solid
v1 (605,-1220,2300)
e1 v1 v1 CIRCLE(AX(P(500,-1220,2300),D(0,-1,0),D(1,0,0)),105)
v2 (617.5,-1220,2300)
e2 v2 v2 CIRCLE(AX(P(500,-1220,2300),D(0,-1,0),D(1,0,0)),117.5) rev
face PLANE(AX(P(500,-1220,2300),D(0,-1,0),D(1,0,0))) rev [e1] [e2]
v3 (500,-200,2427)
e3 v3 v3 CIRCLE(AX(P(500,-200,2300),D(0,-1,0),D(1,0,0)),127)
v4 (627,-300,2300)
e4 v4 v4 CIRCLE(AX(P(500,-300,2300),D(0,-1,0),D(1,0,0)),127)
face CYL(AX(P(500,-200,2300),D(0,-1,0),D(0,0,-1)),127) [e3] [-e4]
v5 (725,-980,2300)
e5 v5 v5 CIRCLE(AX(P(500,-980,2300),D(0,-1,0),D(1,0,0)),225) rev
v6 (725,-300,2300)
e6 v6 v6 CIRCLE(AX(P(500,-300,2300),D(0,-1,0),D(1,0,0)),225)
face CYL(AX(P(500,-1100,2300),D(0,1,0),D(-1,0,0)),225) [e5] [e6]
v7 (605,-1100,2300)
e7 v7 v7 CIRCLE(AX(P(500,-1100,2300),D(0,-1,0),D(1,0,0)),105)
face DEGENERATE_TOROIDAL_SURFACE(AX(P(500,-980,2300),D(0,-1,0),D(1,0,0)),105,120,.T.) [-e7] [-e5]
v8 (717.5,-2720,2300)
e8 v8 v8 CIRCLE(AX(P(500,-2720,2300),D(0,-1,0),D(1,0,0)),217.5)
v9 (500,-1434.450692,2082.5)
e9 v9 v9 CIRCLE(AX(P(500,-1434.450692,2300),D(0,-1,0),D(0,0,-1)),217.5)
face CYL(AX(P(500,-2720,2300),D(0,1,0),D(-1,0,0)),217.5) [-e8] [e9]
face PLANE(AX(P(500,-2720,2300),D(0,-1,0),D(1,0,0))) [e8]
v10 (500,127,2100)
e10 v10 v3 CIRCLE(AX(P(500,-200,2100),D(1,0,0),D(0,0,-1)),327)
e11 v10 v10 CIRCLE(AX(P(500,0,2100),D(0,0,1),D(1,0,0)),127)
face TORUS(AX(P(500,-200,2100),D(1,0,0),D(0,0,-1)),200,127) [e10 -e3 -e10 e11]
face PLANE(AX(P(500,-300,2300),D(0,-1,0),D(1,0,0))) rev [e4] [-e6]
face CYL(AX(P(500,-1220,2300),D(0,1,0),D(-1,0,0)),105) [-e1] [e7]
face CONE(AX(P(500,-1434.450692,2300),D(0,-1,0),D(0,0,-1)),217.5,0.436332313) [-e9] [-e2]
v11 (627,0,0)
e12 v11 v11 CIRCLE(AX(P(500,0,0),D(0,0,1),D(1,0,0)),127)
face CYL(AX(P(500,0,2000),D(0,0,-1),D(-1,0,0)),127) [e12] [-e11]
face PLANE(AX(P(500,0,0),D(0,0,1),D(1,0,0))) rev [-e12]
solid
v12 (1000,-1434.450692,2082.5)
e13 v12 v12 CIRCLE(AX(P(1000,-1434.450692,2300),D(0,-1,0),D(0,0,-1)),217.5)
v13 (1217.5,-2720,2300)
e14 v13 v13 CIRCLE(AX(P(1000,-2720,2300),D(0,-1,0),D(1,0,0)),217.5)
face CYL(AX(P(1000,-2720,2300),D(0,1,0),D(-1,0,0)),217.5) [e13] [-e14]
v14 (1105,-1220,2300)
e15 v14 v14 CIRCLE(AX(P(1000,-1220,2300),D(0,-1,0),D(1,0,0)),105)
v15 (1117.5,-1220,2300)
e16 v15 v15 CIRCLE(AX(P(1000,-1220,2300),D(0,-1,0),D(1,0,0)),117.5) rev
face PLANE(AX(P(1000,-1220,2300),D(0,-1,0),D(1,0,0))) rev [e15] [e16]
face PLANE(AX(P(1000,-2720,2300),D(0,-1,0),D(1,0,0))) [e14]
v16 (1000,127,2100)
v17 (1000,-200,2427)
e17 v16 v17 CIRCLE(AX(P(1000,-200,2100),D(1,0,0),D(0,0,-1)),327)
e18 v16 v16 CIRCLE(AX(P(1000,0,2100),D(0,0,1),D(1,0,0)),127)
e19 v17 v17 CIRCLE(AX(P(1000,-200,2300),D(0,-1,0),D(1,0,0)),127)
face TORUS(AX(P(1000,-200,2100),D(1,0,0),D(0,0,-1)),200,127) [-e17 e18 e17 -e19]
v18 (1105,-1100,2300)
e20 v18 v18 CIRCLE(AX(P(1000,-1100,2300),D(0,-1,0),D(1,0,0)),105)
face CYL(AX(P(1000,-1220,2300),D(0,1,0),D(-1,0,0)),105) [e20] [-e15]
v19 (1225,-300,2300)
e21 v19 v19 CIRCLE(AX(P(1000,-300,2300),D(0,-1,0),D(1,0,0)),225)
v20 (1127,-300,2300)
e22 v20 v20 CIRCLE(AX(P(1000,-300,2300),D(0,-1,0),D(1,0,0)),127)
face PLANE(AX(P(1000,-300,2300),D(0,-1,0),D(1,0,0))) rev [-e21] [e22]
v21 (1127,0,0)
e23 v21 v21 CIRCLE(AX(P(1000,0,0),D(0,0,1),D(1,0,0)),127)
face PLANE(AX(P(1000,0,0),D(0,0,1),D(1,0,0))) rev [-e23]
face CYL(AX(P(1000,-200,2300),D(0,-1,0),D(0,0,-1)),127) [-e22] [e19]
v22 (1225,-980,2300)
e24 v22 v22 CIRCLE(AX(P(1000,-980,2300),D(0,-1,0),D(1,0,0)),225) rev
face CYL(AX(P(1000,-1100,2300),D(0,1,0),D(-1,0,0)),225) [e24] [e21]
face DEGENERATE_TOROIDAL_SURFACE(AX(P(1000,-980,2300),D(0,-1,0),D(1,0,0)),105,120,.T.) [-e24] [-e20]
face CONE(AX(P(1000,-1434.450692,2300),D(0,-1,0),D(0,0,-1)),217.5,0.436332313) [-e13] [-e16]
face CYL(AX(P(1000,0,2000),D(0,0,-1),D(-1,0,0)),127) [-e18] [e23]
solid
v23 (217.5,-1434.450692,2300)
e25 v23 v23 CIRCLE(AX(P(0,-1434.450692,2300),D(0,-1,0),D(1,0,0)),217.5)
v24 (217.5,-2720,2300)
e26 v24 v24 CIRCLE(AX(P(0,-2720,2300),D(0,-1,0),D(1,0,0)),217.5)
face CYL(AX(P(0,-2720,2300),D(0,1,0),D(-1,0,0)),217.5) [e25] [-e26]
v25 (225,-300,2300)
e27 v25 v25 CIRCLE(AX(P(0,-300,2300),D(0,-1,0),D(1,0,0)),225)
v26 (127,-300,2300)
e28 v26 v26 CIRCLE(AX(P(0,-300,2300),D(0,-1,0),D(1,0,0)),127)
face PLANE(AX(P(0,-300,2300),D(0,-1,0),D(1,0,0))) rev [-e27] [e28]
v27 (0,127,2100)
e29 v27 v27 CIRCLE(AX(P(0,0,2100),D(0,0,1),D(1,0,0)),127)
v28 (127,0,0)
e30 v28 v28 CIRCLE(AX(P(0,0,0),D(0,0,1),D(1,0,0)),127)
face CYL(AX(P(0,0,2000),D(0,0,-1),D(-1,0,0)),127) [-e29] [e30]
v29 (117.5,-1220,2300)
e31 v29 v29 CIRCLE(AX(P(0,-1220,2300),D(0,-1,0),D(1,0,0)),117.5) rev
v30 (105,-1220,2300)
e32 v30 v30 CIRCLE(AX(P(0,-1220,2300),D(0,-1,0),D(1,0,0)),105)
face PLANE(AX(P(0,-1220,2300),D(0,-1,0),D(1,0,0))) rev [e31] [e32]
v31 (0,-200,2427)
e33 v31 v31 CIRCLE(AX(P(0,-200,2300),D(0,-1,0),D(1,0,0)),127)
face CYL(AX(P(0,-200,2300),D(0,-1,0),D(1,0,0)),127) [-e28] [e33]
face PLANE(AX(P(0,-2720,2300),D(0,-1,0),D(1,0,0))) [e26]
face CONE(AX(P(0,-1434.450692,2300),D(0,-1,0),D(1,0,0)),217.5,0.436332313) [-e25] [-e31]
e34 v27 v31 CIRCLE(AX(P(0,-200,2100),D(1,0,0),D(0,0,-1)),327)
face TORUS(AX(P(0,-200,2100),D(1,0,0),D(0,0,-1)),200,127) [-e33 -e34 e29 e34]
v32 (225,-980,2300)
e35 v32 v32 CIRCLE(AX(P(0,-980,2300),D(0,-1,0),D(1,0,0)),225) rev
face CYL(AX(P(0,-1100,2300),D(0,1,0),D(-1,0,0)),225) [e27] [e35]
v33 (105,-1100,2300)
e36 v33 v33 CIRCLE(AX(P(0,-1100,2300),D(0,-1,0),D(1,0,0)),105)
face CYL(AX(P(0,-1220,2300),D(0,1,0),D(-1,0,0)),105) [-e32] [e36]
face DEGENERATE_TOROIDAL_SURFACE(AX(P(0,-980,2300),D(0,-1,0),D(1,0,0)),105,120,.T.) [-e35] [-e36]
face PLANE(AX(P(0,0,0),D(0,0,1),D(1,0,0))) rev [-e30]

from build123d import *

# Parameters (mm, degrees)
CROQUIS1_R                = 127
SALIENTE_EXTRUIR1_DEPTH   = 2000
SALIENTE_EXTRUIR1_2_DEPTH = 2000
SALIENTE_EXTRUIR1_3_DEPTH = 2000
CROQUIS3_R                = 127
CROQUIS5_R                = 127
CROQUIS6_R                = 127
CROQUIS7_R                = 225
SALIENTE_EXTRUIR2_DEPTH   = 800
REDONDEO1_R               = 120
REDONDEO2_R               = 120
REDONDEO3_R               = 120
CROQUIS8_R                = 105
SALIENTE_EXTRUIR3_DEPTH   = 120
CROQUIS9_R                = 217.5
SALIENTE_EXTRUIR4_DEPTH   = 1500
CHAFL_N1_SIZE             = 100
CHAFL_N1_SIZE2            = 214.450692051
CHAFL_N2_SIZE             = 100
CHAFL_N2_SIZE2            = 214.450692051
CHAFL_N3_SIZE             = 100
CHAFL_N3_SIZE2            = 214.450692051


with BuildPart() as part:
    # Croquis1 → Saliente-Extruir1 (new body)
    with BuildSketch(Plane.XY):
        Circle(CROQUIS1_R)
    extrude(amount=SALIENTE_EXTRUIR1_DEPTH)

    # Barrer1: sweep along a curve in space
    with BuildLine() as barrer1_path:
        Line((0, 0, 2000), (0, 0, 2100))
        ThreePointArc((0, 0, 2100), (0, -58.578643763, 2241.421356237), (0, -200, 2300))
        Line((0, -200, 2300), (0, -300, 2300))
    # Croquis3 → Barrer1 (sweep)
    with BuildSketch(Plane.XY.offset(2000)):
        Circle(CROQUIS3_R)
    sweep(path=barrer1_path.line)



with BuildPart() as body_2:
    # Croquis1 → Saliente-Extruir1 2 (new body)
    with BuildSketch(Plane.XY):
        with Locations((500, 0)):
            Circle(CROQUIS1_R)
    extrude(amount=SALIENTE_EXTRUIR1_2_DEPTH)

    # Barrer2: sweep along a curve in space
    with BuildLine() as barrer2_path:
        Line((500, 0, 2000), (500, 0, 2100))
        ThreePointArc((500, 0, 2100), (500, -58.578643763, 2241.421356237), (500, -200, 2300))
        Line((500, -200, 2300), (500, -300, 2300))
    # Croquis5 → Barrer2 (sweep)
    with BuildSketch(Plane.XY.offset(2000)):
        with Locations((500, 0)):
            Circle(CROQUIS5_R)
    sweep(path=barrer2_path.line)


with BuildPart() as body_3:
    # Croquis1 → Saliente-Extruir1 3 (new body)
    with BuildSketch(Plane.XY):
        with Locations((1000, 0)):
            Circle(CROQUIS1_R)
    extrude(amount=SALIENTE_EXTRUIR1_3_DEPTH)

    # Barrer3: sweep along a curve in space
    with BuildLine() as barrer3_path:
        Line((1000, 0, 2000), (1000, 0, 2100))
        ThreePointArc((1000, 0, 2100), (1000, -58.578643763, 2241.421356237), (1000, -200, 2300))
        Line((1000, -200, 2300), (1000, -300, 2300))
    # Croquis6 → Barrer3 (sweep)
    with BuildSketch(Plane.XY.offset(2000)):
        with Locations((1000, 0)):
            Circle(CROQUIS6_R)
    sweep(path=barrer3_path.line)


with BuildPart() as part_1:
    add(part.part)

    add(body_2.part)  # Saliente-Extruir2 merges body 2

    add(body_3.part)  # Saliente-Extruir2 merges body 3
    # Croquis7 → Saliente-Extruir2 (add)
    with BuildSketch(Plane.XZ.offset(300)):
        with Locations((0, 2300)):
            Circle(CROQUIS7_R)
        with Locations((500, 2300)):
            Circle(CROQUIS7_R)
        with Locations((1000, 2300)):
            Circle(CROQUIS7_R)
    extrude(amount=SALIENTE_EXTRUIR2_DEPTH)

    # Redondeo1
    redondeo1_edges = [part_1.edges().sort_by_distance(p)[0] for p in [
        (775, -1100, 2300),
    ]]
    fillet(redondeo1_edges, radius=REDONDEO1_R)

    # Redondeo2
    redondeo2_edges = [part_1.edges().sort_by_distance(p)[0] for p in [
        (275, -1100, 2300),
    ]]
    fillet(redondeo2_edges, radius=REDONDEO2_R)

    # Redondeo3
    redondeo3_edges = [part_1.edges().sort_by_distance(p)[0] for p in [
        (-225, -1100, 2300),
    ]]
    fillet(redondeo3_edges, radius=REDONDEO3_R)

    # Croquis8 → Saliente-Extruir3 (add)
    with BuildSketch(Plane.XZ.offset(1100)):
        with Locations((1000, 2300)):
            Circle(CROQUIS8_R)
        with Locations((500, 2300)):
            Circle(CROQUIS8_R)
        with Locations((0, 2300)):
            Circle(CROQUIS8_R)
    extrude(amount=SALIENTE_EXTRUIR3_DEPTH)

    # Croquis9 → Saliente-Extruir4 (add)
    with BuildSketch(Plane.XZ.offset(1220)):
        with Locations((1000, 2300)):
            Circle(CROQUIS9_R)
        with Locations((500, 2300)):
            Circle(CROQUIS9_R)
        with Locations((0, 2300)):
            Circle(CROQUIS9_R)
    extrude(amount=SALIENTE_EXTRUIR4_DEPTH)

    # Chaflán1
    chafl_n1_edges = [part_1.edges().sort_by_distance(p)[0] for p in [
        (782.5, -1220, 2300),
    ]]
    chafl_n1_side = [part_1.faces().sort_by_distance(p)[0] for p in [
        (788.651828996, -1220, 2300),
    ]]
    chamfer(chafl_n1_edges, length=CHAFL_N1_SIZE, length2=CHAFL_N1_SIZE2, reference=chafl_n1_side[0])

    # Chaflán2
    chafl_n2_edges = [part_1.edges().sort_by_distance(p)[0] for p in [
        (282.5, -1220, 2300),
    ]]
    chafl_n2_side = [part_1.faces().sort_by_distance(p)[0] for p in [
        (288.651828996, -1220, 2300),
    ]]
    chamfer(chafl_n2_edges, length=CHAFL_N2_SIZE, length2=CHAFL_N2_SIZE2, reference=chafl_n2_side[0])

    # Chaflán3
    chafl_n3_edges = [part_1.edges().sort_by_distance(p)[0] for p in [
        (-217.5, -1220, 2300),
    ]]
    chafl_n3_side = [part_1.faces().sort_by_distance(p)[0] for p in [
        (-211.348171004, -1220, 2300),
    ]]
    chamfer(chafl_n3_edges, length=CHAFL_N3_SIZE, length2=CHAFL_N3_SIZE2, reference=chafl_n3_side[0])


solid = part_1.part
